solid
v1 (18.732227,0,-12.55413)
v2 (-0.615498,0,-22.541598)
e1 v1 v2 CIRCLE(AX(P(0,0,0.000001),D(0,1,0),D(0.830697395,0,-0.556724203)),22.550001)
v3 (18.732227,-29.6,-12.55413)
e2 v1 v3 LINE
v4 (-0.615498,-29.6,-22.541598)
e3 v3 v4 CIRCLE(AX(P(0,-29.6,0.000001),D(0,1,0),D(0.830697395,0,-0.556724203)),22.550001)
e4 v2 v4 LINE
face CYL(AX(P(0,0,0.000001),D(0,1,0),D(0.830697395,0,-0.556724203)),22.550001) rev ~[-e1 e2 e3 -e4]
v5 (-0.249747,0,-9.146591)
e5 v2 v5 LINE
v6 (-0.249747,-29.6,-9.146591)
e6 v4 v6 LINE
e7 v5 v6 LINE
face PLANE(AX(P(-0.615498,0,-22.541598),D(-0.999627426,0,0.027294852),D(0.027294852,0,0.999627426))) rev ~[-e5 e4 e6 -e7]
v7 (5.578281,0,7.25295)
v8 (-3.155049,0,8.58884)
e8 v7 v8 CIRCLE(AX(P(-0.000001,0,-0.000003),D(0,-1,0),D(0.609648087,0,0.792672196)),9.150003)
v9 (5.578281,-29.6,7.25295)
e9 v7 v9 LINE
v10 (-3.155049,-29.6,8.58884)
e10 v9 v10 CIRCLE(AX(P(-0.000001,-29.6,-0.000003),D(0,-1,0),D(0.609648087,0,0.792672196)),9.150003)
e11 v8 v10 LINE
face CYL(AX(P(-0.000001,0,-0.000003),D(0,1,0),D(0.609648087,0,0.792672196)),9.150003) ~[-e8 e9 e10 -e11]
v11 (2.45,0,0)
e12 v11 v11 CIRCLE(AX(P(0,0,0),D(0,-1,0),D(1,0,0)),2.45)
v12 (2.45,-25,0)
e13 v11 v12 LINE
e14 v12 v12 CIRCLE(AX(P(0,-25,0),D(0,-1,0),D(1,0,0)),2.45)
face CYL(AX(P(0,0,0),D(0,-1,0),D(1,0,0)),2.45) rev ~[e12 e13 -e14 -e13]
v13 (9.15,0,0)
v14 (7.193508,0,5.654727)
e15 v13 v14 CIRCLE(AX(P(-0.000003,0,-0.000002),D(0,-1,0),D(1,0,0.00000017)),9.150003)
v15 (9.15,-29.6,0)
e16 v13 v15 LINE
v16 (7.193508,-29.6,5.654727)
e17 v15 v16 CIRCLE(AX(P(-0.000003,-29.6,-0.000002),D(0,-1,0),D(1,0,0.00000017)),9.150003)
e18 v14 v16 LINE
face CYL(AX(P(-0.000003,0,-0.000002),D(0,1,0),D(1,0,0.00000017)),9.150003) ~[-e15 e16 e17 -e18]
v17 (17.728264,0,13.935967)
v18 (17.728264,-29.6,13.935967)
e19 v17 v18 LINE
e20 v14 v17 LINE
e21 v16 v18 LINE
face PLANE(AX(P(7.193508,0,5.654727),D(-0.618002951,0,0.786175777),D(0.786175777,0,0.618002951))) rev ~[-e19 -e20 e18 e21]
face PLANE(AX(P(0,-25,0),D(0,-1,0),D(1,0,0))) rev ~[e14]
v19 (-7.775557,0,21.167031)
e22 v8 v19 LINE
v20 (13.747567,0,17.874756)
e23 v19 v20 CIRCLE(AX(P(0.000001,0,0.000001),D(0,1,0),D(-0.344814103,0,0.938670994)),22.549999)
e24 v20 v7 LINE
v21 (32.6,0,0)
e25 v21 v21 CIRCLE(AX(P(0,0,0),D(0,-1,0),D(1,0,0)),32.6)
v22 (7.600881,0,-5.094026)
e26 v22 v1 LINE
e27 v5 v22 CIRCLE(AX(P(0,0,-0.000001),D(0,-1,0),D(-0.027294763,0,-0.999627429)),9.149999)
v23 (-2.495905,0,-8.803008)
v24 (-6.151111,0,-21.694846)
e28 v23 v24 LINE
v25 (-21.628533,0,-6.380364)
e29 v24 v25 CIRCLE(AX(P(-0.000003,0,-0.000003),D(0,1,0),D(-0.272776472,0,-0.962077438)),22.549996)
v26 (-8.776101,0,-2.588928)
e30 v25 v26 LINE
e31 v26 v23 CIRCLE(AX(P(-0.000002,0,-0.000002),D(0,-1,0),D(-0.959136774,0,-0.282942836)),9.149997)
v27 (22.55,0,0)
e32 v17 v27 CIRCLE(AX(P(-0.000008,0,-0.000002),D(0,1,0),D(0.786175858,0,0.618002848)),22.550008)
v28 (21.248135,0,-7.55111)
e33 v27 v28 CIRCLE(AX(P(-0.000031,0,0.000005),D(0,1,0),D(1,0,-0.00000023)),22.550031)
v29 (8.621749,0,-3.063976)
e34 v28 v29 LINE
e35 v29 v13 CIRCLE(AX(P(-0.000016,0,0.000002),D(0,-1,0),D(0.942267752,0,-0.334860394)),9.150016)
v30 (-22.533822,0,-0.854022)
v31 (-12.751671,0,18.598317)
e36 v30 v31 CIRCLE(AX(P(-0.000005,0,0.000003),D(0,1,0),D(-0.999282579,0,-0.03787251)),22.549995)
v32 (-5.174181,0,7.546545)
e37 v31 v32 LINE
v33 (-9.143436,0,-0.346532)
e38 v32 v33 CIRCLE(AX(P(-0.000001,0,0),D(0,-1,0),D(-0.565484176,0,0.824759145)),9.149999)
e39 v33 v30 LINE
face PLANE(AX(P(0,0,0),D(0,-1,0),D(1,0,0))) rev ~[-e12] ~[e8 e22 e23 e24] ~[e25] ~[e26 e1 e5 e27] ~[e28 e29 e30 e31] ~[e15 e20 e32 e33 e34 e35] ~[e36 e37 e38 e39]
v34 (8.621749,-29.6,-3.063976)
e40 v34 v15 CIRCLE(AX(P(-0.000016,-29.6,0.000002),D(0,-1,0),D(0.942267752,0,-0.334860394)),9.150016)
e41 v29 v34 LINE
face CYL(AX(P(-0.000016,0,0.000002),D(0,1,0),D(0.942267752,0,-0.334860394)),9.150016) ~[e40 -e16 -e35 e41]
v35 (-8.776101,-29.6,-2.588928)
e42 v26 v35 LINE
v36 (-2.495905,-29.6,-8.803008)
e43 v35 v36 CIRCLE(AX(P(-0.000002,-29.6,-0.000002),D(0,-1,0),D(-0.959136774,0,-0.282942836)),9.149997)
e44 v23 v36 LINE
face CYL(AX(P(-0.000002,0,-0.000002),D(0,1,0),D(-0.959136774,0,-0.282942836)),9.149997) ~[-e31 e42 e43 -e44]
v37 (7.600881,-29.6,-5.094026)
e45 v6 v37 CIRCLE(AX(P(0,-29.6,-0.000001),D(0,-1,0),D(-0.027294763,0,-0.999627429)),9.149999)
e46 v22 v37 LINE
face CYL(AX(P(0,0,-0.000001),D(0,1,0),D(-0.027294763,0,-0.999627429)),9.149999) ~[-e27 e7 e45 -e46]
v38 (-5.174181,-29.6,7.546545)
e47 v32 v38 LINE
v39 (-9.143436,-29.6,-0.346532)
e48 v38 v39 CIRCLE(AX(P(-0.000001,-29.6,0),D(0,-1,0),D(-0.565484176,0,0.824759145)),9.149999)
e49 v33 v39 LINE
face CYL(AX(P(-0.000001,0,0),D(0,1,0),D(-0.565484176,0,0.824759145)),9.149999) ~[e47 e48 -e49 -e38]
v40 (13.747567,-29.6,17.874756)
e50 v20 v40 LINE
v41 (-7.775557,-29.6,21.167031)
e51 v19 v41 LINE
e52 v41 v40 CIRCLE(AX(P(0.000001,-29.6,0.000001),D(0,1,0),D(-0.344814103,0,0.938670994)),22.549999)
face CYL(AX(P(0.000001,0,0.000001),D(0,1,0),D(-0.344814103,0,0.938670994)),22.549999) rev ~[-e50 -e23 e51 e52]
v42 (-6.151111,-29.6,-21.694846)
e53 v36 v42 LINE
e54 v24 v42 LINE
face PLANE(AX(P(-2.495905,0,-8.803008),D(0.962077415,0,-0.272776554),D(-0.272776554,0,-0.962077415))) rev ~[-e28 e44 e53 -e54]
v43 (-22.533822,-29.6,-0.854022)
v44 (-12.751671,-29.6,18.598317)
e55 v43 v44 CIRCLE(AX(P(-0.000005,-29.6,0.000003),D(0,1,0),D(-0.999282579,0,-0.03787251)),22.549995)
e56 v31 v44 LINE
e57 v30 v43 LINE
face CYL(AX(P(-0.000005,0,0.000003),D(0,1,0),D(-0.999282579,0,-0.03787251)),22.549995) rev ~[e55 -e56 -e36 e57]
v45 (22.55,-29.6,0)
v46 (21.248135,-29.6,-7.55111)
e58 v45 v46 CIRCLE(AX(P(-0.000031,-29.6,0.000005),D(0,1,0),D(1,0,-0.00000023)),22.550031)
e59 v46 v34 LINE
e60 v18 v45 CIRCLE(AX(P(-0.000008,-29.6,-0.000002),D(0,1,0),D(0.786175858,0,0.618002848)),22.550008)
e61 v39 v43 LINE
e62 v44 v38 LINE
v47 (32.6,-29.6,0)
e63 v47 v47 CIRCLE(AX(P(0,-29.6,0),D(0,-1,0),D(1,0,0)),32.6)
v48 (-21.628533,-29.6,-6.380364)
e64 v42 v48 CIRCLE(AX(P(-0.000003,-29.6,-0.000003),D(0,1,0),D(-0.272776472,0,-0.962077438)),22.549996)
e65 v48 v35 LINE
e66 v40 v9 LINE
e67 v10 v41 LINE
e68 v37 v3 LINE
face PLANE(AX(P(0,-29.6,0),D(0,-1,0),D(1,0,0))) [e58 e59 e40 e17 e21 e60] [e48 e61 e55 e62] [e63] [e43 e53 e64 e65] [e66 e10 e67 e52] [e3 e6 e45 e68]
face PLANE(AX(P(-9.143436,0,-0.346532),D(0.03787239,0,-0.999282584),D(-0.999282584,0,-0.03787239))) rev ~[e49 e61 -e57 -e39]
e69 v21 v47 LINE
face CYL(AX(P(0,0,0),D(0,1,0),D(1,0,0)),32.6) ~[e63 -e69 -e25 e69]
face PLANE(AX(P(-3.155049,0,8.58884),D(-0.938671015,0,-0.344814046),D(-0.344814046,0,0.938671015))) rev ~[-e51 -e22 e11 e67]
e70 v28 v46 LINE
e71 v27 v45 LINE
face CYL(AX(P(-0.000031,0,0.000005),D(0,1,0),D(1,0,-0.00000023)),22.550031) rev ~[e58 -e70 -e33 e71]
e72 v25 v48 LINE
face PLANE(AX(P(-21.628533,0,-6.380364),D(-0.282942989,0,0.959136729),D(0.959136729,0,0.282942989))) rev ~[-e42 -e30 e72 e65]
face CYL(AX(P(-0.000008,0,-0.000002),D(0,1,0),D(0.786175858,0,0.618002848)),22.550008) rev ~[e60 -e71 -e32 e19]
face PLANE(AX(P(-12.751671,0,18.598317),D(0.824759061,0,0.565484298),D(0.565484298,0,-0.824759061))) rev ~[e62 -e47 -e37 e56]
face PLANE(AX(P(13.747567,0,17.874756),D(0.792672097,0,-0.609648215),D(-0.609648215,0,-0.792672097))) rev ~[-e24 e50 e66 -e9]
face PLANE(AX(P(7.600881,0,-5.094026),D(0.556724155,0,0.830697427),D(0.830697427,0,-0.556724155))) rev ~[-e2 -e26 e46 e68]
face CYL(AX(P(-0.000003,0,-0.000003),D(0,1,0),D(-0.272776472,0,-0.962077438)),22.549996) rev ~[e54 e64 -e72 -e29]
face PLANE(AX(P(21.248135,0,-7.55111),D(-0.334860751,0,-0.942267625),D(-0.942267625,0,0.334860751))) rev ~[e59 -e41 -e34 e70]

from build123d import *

# Parameters (mm, degrees)
F0_R     = 32.6
F0_R_2   = 4.75
F1_DEPTH = 29.6
F2_R     = 2.45
F3_DEPTH = 25


with BuildPart() as f1:
    # F0 (on Front) → F1 (new body)
    with BuildSketch(Plane.XZ):
        Circle(F0_R)
        with BuildLine():
            ThreePointArc((13.747567, 17.874756), (15.860659, 16.029411), (17.728264, 13.935967))
            ThreePointArc((17.728264, 13.935967), (21.3105, 7.373268), (22.55, 0))
            ThreePointArc((22.55, 0), (22.22215, -3.831257), (21.248135, -7.55111))
            ThreePointArc((21.248135, -7.55111), (20.146089, -10.131023), (18.732227, -12.55413))
            ThreePointArc((18.732227, -12.55413), (10.343662, -20.037743), (-0.615498, -22.541598))
            ThreePointArc((-0.615498, -22.541598), (-3.409691, -22.290727), (-6.151111, -21.694846))
            ThreePointArc((-6.151111, -21.694846), (-15.860659, -16.029411), (-21.628533, -6.380364))
            ThreePointArc((-21.628533, -6.380364), (-22.253394, -3.645404), (-22.533822, -0.854022))
            ThreePointArc((-22.533822, -0.854022), (-20.146089, 10.131023), (-12.751671, 18.598317))
            ThreePointArc((-12.751671, 18.598317), (-10.343662, 20.037743), (-7.775557, 21.167031))
            ThreePointArc((-7.775557, 21.167031), (3.409691, 22.290727), (13.747567, 17.874756))
        make_face(mode=Mode.SUBTRACT)
        with BuildLine():
            ThreePointArc((-5.174181, 7.546545), (-4.197096, 8.130614), (-3.155049, 8.58884))
            Line((-3.155049, 8.58884), (-7.775557, 21.167031))
            ThreePointArc((-7.775557, 21.167031), (-10.343662, 20.037743), (-12.751671, 18.598317))
            Line((-12.751671, 18.598317), (-5.174181, 7.546545))
        make_face()
        with BuildLine():
            ThreePointArc((5.578281, 7.25295), (6.4357, 6.504173), (7.193508, 5.654727))
            Line((7.193508, 5.654727), (17.728264, 13.935967))
            ThreePointArc((17.728264, 13.935967), (15.860659, 16.029411), (13.747567, 17.874756))
            Line((13.747567, 17.874756), (5.578281, 7.25295))
        make_face()
        with BuildLine():
            Line((21.248135, -7.55111), (8.621749, -3.063976))
            ThreePointArc((8.621749, -3.063976), (8.174577, -4.110814), (7.600881, -5.094026))
            Line((7.600881, -5.094026), (18.732227, -12.55413))
            ThreePointArc((18.732227, -12.55413), (20.146089, -10.131023), (21.248135, -7.55111))
        make_face()
        with BuildLine():
            Line((-0.615498, -22.541598), (-0.249747, -9.146591))
            ThreePointArc((-0.249747, -9.146591), (-1.383533, -9.044796), (-2.495905, -8.803008))
            Line((-2.495905, -8.803008), (-6.151111, -21.694846))
            ThreePointArc((-6.151111, -21.694846), (-3.409691, -22.290727), (-0.615498, -22.541598))
        make_face()
        with BuildLine():
            ThreePointArc((-8.776101, -2.588928), (-9.029648, -1.479177), (-9.143436, -0.346532))
            Line((-9.143436, -0.346532), (-22.533822, -0.854022))
            ThreePointArc((-22.533822, -0.854022), (-22.253394, -3.645404), (-21.628533, -6.380364))
            Line((-21.628533, -6.380364), (-8.776101, -2.588928))
        make_face()
        with BuildLine():
            ThreePointArc((8.621749, -3.063976), (9.01697, -1.55459), (9.15, 0))
            ThreePointArc((9.15, 0), (8.647054, 2.991814), (7.193508, 5.654727))
            ThreePointArc((7.193508, 5.654727), (6.4357, 6.504173), (5.578281, 7.25295))
            ThreePointArc((5.578281, 7.25295), (1.383533, 9.044796), (-3.155049, 8.58884))
            ThreePointArc((-3.155049, 8.58884), (-4.197096, 8.130614), (-5.174181, 7.546545))
            ThreePointArc((-5.174181, 7.546545), (-8.174577, 4.110814), (-9.143436, -0.346532))
            ThreePointArc((-9.143436, -0.346532), (-9.029648, -1.479177), (-8.776101, -2.588928))
            ThreePointArc((-8.776101, -2.588928), (-6.4357, -6.504173), (-2.495905, -8.803008))
            ThreePointArc((-2.495905, -8.803008), (-1.383533, -9.044796), (-0.249747, -9.146591))
            ThreePointArc((-0.249747, -9.146591), (4.197096, -8.130614), (7.600881, -5.094026))
            ThreePointArc((7.600881, -5.094026), (8.174577, -4.110814), (8.621749, -3.063976))
        make_face()
        Circle(F0_R_2, mode=Mode.SUBTRACT)
        Circle(F0_R_2)
    extrude(amount=F1_DEPTH)

    # F2 (on Front) → F3 (cut, symmetric)
    with BuildSketch(Plane.XZ):
        Circle(F2_R)
    extrude(amount=F3_DEPTH, both=True, mode=Mode.SUBTRACT)


solid = f1.part
